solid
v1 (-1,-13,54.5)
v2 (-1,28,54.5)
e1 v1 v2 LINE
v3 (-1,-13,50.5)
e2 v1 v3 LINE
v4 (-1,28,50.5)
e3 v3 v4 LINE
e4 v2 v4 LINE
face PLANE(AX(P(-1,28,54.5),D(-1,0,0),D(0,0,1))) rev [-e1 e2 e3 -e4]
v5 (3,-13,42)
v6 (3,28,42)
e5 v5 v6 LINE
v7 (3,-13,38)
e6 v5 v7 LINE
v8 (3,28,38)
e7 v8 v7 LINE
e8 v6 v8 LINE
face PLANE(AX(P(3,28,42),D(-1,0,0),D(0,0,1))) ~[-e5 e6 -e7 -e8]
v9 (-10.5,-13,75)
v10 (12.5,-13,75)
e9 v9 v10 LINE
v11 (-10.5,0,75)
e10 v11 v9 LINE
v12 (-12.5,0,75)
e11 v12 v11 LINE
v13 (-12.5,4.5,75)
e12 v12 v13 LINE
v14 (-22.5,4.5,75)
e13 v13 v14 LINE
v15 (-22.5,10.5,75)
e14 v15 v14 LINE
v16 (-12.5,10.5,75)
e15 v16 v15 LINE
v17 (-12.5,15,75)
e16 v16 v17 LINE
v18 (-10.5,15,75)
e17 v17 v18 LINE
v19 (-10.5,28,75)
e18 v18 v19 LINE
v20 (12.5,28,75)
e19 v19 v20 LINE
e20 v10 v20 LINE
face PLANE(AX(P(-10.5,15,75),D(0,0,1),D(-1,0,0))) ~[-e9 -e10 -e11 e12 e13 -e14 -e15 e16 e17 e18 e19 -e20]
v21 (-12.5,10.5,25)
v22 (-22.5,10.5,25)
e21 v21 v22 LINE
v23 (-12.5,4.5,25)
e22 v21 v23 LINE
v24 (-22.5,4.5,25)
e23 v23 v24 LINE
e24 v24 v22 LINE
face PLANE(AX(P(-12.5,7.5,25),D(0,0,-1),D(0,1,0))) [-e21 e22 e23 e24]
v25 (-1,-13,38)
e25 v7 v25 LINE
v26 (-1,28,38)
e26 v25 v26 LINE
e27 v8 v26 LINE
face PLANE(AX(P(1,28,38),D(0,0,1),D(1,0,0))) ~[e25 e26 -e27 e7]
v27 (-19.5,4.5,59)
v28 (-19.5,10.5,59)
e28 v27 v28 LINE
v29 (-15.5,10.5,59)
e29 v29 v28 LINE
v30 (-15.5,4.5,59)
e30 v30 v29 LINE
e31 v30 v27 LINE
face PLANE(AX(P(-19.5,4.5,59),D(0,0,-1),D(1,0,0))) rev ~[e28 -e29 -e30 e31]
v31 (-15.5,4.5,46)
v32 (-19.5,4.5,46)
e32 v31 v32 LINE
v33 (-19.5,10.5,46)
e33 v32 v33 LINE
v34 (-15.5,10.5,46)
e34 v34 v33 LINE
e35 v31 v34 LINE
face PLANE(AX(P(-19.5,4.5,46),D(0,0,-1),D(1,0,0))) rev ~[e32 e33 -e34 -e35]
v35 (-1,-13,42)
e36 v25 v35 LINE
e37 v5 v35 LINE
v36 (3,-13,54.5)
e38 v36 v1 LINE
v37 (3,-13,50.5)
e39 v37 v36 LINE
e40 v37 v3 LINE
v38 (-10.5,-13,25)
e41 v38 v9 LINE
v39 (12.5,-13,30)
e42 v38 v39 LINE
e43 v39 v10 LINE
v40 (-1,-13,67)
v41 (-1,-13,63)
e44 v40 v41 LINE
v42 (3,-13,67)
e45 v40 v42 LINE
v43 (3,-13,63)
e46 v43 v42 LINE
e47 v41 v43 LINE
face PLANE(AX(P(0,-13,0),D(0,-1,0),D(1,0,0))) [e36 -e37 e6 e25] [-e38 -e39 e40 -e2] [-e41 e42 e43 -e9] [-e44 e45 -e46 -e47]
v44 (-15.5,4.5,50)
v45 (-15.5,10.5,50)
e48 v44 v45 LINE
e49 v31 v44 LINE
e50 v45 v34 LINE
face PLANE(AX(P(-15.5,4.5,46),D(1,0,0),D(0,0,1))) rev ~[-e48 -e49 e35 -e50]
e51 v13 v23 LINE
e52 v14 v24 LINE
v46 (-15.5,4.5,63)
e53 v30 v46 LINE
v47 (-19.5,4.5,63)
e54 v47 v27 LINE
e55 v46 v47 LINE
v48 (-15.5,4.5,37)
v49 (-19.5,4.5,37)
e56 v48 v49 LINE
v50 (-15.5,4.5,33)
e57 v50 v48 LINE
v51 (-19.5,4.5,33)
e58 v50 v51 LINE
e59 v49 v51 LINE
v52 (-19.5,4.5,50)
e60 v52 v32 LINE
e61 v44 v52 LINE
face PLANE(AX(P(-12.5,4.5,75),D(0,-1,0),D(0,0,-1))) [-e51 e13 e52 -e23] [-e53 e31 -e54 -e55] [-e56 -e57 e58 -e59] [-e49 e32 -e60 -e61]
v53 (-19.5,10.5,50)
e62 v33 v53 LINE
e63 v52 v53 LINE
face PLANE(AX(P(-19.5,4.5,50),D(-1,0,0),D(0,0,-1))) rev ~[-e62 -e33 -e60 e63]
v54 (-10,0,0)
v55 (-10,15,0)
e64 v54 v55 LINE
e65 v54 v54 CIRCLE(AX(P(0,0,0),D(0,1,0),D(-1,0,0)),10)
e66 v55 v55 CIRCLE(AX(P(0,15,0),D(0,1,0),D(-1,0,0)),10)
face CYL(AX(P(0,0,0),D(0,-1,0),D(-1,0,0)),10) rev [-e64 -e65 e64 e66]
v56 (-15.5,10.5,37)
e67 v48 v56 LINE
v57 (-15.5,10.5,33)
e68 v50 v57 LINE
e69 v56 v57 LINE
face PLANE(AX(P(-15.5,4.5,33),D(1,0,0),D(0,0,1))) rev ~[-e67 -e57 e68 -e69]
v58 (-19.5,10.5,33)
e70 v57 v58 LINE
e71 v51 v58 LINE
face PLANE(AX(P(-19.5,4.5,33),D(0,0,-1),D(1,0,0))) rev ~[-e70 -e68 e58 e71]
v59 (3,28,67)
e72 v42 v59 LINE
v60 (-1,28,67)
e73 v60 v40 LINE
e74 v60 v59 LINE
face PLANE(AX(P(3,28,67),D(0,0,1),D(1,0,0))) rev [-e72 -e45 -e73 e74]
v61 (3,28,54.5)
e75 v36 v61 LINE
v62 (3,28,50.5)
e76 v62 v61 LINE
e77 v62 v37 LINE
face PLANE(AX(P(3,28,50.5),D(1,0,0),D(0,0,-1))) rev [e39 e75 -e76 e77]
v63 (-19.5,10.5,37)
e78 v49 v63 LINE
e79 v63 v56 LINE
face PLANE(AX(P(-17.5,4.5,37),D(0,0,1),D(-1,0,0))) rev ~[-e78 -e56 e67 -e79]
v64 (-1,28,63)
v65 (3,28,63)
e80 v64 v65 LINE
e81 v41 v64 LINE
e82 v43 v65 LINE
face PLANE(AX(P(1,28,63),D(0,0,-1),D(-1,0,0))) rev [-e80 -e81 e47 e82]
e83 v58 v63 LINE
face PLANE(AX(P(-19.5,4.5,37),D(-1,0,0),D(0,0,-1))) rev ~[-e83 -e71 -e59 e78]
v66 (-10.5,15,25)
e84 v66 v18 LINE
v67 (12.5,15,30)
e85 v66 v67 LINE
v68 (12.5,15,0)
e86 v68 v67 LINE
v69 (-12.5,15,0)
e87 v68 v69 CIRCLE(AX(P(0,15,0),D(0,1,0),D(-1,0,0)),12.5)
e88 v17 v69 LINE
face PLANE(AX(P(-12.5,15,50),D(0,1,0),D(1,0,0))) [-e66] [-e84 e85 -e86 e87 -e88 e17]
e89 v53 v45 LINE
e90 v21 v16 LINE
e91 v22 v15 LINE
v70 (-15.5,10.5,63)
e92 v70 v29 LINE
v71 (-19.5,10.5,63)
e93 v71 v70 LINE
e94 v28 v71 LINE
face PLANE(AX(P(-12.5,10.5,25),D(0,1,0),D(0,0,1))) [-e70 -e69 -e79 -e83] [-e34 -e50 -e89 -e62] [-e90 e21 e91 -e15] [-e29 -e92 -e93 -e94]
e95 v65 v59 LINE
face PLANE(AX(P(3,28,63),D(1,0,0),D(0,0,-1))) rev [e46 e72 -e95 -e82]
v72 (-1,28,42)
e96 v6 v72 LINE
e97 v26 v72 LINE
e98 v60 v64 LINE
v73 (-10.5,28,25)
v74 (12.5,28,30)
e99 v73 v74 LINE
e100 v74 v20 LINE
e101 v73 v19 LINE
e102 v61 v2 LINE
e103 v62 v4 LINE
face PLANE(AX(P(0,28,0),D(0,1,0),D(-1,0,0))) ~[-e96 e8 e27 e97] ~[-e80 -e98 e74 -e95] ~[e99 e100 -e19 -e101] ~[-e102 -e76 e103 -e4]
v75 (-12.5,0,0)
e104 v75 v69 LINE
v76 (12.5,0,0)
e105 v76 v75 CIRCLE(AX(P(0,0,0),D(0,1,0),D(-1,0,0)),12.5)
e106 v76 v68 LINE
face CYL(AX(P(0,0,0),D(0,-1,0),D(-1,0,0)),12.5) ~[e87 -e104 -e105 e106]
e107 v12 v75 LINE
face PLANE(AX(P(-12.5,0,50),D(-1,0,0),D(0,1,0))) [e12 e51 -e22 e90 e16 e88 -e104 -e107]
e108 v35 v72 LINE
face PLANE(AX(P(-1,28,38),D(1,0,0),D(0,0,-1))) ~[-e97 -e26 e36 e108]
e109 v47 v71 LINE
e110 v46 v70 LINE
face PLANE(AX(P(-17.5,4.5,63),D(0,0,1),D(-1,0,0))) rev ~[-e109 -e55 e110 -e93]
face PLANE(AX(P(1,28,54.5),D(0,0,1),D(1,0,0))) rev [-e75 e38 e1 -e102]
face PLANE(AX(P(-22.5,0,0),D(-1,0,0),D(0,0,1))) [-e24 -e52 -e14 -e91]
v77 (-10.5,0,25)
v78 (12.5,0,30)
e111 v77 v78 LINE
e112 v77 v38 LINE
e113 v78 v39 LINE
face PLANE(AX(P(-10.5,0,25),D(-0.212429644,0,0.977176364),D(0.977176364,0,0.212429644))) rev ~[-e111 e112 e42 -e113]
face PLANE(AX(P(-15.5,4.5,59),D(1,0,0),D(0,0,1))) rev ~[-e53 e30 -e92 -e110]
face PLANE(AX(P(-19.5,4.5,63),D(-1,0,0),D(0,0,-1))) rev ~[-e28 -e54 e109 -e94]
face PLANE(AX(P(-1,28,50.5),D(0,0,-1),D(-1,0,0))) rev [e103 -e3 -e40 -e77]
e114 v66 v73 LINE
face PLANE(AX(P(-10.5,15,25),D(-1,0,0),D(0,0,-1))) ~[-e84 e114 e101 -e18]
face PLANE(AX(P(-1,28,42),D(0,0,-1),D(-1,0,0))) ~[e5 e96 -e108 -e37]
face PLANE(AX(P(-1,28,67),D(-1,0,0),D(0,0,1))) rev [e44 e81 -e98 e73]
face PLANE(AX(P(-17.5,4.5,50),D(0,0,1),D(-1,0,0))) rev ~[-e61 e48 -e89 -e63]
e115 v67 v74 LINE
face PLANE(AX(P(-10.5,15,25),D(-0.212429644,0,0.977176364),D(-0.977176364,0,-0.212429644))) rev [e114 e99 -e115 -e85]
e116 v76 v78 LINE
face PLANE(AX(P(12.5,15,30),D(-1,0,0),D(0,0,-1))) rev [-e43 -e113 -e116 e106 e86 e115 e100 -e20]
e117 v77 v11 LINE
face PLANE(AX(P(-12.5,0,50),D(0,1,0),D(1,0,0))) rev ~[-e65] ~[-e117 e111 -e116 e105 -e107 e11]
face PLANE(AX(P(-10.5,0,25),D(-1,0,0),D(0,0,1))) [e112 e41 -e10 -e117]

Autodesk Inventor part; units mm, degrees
ref_plane "YZ Plane" through (0, 0, 0) normal (1, 0, 0) x (0, 1, 0)
ref_plane "XY Plane" through (0, 0, 0) normal (0, 0, 1) x (1, 0, 0)
sketch "Sketch1" plane through (0, 0, 0) normal (0, 1, 0) x (-1, 0, 0)
  circle A0 centre (0, 0) radius 10
  circle A1 centre (0, 0) radius 12.5
  line L0 (12.5, 0) -> (12.5, 50)
  line L1 (-12.5, 0) -> (-12.5, 50)
  line L2 (-12.5, 50) -> (12.5, 50)
  dimension "d0" = 20
  dimension "d1" = 25
  dimension "d2" = 50
extrude "Extrusion1" add sketch "Sketch1" along normal blind 15
sketch "Sketch2" plane through (-12.5, 0, 0) normal (-1, 0, 0) x (0, 0, 1)
  line L0 (-12.5, 0) -> (-12.5, 15) projected
  line L1 (-12.5, 7.5) -> (37.5, 7.5)
  line L2 (25, 7.5) -> (25, 4.5)
  line L3 (25, 4.5) -> (25, 10.5)
  line L4 (25, 10.5) -> (75, 10.5)
  line L5 (75, 10.5) -> (75, 4.5)
  line L6 (75, 4.5) -> (25, 4.5)
  point P0 (0, 0)
  dimension "d5" = 50
  dimension "d8" = 3
  dimension "d9" = 6
  dimension "d10" = 50
extrude "Extrusion2" add sketch "Sketch2" along normal blind 10
sketch "Sketch3" plane through (-12.5, 0, 50) normal (0, 0, 1) x (1, 0, 0)
  point P0 (12.5, 0)
sketch "Sketch4" plane through (-12.5, 0, 50) normal (0, 0, 1) x (1, 0, 0)
  line L0 (25, 0) -> (25, 15) projected
  line L1 (25, 0) -> (25, 15)
  line L2 (0, 15) -> (25, 15) projected
  line L3 (25, 15) -> (0, 15)
  line L4 (0, 0) -> (0, 15) projected
  line L5 (0, 15) -> (0, 0)
  line L6 (0, 0) -> (25, 0) projected
  line L7 (0, 0) -> (25, 0)
  point P0 (12.5, 0)
extrude "Extrusion3" add sketch "Sketch4" along normal blind 25
sketch "Sketch5" plane through (-12.5, 4.5, 25) normal (0, -1, 0) x (1, 0, 0)
  point P0 (12.5, -25)
sketch "Sketch8" plane through (-12.5, 4.5, 25) normal (0, -1, 0) x (1, 0, 0)
  line L0 (0, 0) -> (-10, 0) projected
  line L1 (-5, 0) -> (-5, 50)
  line L2 (0, 50) -> (-10, 50) projected
  line L3 (-3, 12) -> (-7, 12)
  line L4 (-7, 12) -> (-7, 8)
  line L5 (-7, 8) -> (-3, 8)
  line L6 (-3, 8) -> (-3, 12)
  line L7 (-3, 12) -> (-7, 8) construction
  line L8 (-7, 12) -> (-3, 8) construction
  line L9 (-5, 10) -> (-5, 23)
  line L10 (-7, 21) -> (-3, 21)
  line L11 (-3, 21) -> (-3, 25)
  line L12 (-3, 25) -> (-7, 25)
  line L13 (-7, 25) -> (-7, 21)
  line L14 (-7, 21) -> (-3, 25) construction
  line L15 (-3, 21) -> (-7, 25) construction
  line L16 (-5, 23) -> (-5, 36)
  line L17 (-7, 34) -> (-3, 34)
  line L18 (-3, 34) -> (-3, 38)
  line L19 (-3, 38) -> (-7, 38)
  line L20 (-7, 38) -> (-7, 34)
  line L21 (-7, 34) -> (-3, 38) construction
  line L22 (-3, 34) -> (-7, 38) construction
  point P0 (12.5, -25)
  dimension "d40" = 4
  dimension "d41" = 4
  dimension "d42" = 13
  dimension "d43" = 4
  dimension "d44" = 4
  dimension "d45" = 13
  dimension "d46" = 4
  dimension "d47" = 4
extrude "Extrusion6" cut sketch "Sketch8" against normal blind 10
sketch "Sketch9" plane through (0, 0, 0) normal (0, -1, 0) x (1, 0, 0)
  line L0 (-12.5, 25) -> (-22.5, 25) projected
  line L1 (-12.5, 25) -> (12.5, 25)
  line L2 (12.5, 0) -> (12.5, 75) projected
  line L3 (-12.5, 25) -> (-12.5, 75) projected
  line L4 (-12.5, 25) -> (-12.5, 75)
  line L5 (-12.5, 75) -> (12.5, 75) projected
  line L6 (-12.5, 75) -> (12.5, 75)
  line L7 (12.5, 75) -> (12.5, 25)
  line L8 (12.5, 0) -> (12.5, 30)
  line L9 (-12.5, 25) -> (-10.5, 25)
  line L10 (-10.5, 25) -> (-10.5, 75)
  line L11 (-12.5, 75) -> (-12.5, 25)
  line L12 (-10.5, 25) -> (12.5, 30)
  point P0 (0, 0)
  dimension "d50" = 30
  dimension "d51" = 2
extrude "Extrusion7" add sketch "Sketch9" along normal blind 13 contours L10 L5 L2 L12
sketch "Sketch10" plane through (0, -13, 0) normal (0, -1, 0) x (1, 0, 0)
  point P0 (0, 0)
sketch "Sketch11" plane through (0, -13, 0) normal (0, -1, 0) x (1, 0, 0)
  line L0 (-10.5, 25) -> (12.5, 30) projected
  line L1 (12.5, 30) -> (-10.5, 30)
  line L2 (-10.5, 25) -> (-10.5, 75) projected
  line L3 (-10.5, 30) -> (1, 30)
  line L4 (1, 30) -> (1, 75)
  line L5 (12.5, 75) -> (-12.5, 75) projected
  line L6 (-1, 42) -> (3, 42)
  line L7 (3, 42) -> (3, 38)
  line L8 (3, 38) -> (-1, 38)
  line L9 (-1, 38) -> (-1, 42)
  line L10 (-1, 42) -> (3, 38) construction
  line L11 (3, 42) -> (-1, 38) construction
  line L12 (1, 40) -> (1, 52.5)
  line L13 (-1, 50.5) -> (3, 50.5)
  line L14 (3, 50.5) -> (3, 54.5)
  line L15 (3, 54.5) -> (-1, 54.5)
  line L16 (-1, 54.5) -> (-1, 50.5)
  line L17 (-1, 50.5) -> (3, 54.5) construction
  line L18 (3, 50.5) -> (-1, 54.5) construction
  line L19 (1, 52.5) -> (1, 65)
  line L20 (-1, 63) -> (3, 63)
  line L21 (3, 63) -> (3, 67)
  line L22 (3, 67) -> (-1, 67)
  line L23 (-1, 67) -> (-1, 63)
  line L24 (-1, 63) -> (3, 67) construction
  line L25 (3, 63) -> (-1, 67) construction
  line L26 (-1, 38) -> (-1, 42)
  line L27 (-1, 38) -> (3, 38)
  line L28 (3, 38) -> (3, 42)
  line L29 (3, 42) -> (-1, 42)
  line L30 (-1, 42) -> (-1, 38)
  line L31 (-1, 38) -> (3, 42) construction
  line L32 (3, 38) -> (-1, 42) construction
  point P0 (0, 0)
  dimension "d54" = 11.5
  dimension "d55" = 4
  dimension "d56" = 4
  dimension "d57" = 12.5
  dimension "d58" = 4
  dimension "d59" = 4
  dimension "d60" = 12.5
  dimension "d61" = 4
  dimension "d62" = 4
extrude "Extrusion8" cut sketch "Sketch11" against normal blind 50 contours L8 L9 L6 L4 | L4 L6 L7 L8 | L22 L21 L20 L4 | L4 L20 L23 L22 | L13 L16 L15 L4 | L4 L15 L14 L13
ref_plane "Work Plane1" through (0, 7.5, 0) normal (0, 1, 0) x (-1, 0, 0)
mirror "Mirror1" about plane through (0, 7.5, 0) normal (0, 1, 0) of "Extrusion7"
mirror "Mirror2" about plane through (0, 7.5, 0) normal (0, 1, 0) of "Extrusion8"
properties part number "Part10copy"
